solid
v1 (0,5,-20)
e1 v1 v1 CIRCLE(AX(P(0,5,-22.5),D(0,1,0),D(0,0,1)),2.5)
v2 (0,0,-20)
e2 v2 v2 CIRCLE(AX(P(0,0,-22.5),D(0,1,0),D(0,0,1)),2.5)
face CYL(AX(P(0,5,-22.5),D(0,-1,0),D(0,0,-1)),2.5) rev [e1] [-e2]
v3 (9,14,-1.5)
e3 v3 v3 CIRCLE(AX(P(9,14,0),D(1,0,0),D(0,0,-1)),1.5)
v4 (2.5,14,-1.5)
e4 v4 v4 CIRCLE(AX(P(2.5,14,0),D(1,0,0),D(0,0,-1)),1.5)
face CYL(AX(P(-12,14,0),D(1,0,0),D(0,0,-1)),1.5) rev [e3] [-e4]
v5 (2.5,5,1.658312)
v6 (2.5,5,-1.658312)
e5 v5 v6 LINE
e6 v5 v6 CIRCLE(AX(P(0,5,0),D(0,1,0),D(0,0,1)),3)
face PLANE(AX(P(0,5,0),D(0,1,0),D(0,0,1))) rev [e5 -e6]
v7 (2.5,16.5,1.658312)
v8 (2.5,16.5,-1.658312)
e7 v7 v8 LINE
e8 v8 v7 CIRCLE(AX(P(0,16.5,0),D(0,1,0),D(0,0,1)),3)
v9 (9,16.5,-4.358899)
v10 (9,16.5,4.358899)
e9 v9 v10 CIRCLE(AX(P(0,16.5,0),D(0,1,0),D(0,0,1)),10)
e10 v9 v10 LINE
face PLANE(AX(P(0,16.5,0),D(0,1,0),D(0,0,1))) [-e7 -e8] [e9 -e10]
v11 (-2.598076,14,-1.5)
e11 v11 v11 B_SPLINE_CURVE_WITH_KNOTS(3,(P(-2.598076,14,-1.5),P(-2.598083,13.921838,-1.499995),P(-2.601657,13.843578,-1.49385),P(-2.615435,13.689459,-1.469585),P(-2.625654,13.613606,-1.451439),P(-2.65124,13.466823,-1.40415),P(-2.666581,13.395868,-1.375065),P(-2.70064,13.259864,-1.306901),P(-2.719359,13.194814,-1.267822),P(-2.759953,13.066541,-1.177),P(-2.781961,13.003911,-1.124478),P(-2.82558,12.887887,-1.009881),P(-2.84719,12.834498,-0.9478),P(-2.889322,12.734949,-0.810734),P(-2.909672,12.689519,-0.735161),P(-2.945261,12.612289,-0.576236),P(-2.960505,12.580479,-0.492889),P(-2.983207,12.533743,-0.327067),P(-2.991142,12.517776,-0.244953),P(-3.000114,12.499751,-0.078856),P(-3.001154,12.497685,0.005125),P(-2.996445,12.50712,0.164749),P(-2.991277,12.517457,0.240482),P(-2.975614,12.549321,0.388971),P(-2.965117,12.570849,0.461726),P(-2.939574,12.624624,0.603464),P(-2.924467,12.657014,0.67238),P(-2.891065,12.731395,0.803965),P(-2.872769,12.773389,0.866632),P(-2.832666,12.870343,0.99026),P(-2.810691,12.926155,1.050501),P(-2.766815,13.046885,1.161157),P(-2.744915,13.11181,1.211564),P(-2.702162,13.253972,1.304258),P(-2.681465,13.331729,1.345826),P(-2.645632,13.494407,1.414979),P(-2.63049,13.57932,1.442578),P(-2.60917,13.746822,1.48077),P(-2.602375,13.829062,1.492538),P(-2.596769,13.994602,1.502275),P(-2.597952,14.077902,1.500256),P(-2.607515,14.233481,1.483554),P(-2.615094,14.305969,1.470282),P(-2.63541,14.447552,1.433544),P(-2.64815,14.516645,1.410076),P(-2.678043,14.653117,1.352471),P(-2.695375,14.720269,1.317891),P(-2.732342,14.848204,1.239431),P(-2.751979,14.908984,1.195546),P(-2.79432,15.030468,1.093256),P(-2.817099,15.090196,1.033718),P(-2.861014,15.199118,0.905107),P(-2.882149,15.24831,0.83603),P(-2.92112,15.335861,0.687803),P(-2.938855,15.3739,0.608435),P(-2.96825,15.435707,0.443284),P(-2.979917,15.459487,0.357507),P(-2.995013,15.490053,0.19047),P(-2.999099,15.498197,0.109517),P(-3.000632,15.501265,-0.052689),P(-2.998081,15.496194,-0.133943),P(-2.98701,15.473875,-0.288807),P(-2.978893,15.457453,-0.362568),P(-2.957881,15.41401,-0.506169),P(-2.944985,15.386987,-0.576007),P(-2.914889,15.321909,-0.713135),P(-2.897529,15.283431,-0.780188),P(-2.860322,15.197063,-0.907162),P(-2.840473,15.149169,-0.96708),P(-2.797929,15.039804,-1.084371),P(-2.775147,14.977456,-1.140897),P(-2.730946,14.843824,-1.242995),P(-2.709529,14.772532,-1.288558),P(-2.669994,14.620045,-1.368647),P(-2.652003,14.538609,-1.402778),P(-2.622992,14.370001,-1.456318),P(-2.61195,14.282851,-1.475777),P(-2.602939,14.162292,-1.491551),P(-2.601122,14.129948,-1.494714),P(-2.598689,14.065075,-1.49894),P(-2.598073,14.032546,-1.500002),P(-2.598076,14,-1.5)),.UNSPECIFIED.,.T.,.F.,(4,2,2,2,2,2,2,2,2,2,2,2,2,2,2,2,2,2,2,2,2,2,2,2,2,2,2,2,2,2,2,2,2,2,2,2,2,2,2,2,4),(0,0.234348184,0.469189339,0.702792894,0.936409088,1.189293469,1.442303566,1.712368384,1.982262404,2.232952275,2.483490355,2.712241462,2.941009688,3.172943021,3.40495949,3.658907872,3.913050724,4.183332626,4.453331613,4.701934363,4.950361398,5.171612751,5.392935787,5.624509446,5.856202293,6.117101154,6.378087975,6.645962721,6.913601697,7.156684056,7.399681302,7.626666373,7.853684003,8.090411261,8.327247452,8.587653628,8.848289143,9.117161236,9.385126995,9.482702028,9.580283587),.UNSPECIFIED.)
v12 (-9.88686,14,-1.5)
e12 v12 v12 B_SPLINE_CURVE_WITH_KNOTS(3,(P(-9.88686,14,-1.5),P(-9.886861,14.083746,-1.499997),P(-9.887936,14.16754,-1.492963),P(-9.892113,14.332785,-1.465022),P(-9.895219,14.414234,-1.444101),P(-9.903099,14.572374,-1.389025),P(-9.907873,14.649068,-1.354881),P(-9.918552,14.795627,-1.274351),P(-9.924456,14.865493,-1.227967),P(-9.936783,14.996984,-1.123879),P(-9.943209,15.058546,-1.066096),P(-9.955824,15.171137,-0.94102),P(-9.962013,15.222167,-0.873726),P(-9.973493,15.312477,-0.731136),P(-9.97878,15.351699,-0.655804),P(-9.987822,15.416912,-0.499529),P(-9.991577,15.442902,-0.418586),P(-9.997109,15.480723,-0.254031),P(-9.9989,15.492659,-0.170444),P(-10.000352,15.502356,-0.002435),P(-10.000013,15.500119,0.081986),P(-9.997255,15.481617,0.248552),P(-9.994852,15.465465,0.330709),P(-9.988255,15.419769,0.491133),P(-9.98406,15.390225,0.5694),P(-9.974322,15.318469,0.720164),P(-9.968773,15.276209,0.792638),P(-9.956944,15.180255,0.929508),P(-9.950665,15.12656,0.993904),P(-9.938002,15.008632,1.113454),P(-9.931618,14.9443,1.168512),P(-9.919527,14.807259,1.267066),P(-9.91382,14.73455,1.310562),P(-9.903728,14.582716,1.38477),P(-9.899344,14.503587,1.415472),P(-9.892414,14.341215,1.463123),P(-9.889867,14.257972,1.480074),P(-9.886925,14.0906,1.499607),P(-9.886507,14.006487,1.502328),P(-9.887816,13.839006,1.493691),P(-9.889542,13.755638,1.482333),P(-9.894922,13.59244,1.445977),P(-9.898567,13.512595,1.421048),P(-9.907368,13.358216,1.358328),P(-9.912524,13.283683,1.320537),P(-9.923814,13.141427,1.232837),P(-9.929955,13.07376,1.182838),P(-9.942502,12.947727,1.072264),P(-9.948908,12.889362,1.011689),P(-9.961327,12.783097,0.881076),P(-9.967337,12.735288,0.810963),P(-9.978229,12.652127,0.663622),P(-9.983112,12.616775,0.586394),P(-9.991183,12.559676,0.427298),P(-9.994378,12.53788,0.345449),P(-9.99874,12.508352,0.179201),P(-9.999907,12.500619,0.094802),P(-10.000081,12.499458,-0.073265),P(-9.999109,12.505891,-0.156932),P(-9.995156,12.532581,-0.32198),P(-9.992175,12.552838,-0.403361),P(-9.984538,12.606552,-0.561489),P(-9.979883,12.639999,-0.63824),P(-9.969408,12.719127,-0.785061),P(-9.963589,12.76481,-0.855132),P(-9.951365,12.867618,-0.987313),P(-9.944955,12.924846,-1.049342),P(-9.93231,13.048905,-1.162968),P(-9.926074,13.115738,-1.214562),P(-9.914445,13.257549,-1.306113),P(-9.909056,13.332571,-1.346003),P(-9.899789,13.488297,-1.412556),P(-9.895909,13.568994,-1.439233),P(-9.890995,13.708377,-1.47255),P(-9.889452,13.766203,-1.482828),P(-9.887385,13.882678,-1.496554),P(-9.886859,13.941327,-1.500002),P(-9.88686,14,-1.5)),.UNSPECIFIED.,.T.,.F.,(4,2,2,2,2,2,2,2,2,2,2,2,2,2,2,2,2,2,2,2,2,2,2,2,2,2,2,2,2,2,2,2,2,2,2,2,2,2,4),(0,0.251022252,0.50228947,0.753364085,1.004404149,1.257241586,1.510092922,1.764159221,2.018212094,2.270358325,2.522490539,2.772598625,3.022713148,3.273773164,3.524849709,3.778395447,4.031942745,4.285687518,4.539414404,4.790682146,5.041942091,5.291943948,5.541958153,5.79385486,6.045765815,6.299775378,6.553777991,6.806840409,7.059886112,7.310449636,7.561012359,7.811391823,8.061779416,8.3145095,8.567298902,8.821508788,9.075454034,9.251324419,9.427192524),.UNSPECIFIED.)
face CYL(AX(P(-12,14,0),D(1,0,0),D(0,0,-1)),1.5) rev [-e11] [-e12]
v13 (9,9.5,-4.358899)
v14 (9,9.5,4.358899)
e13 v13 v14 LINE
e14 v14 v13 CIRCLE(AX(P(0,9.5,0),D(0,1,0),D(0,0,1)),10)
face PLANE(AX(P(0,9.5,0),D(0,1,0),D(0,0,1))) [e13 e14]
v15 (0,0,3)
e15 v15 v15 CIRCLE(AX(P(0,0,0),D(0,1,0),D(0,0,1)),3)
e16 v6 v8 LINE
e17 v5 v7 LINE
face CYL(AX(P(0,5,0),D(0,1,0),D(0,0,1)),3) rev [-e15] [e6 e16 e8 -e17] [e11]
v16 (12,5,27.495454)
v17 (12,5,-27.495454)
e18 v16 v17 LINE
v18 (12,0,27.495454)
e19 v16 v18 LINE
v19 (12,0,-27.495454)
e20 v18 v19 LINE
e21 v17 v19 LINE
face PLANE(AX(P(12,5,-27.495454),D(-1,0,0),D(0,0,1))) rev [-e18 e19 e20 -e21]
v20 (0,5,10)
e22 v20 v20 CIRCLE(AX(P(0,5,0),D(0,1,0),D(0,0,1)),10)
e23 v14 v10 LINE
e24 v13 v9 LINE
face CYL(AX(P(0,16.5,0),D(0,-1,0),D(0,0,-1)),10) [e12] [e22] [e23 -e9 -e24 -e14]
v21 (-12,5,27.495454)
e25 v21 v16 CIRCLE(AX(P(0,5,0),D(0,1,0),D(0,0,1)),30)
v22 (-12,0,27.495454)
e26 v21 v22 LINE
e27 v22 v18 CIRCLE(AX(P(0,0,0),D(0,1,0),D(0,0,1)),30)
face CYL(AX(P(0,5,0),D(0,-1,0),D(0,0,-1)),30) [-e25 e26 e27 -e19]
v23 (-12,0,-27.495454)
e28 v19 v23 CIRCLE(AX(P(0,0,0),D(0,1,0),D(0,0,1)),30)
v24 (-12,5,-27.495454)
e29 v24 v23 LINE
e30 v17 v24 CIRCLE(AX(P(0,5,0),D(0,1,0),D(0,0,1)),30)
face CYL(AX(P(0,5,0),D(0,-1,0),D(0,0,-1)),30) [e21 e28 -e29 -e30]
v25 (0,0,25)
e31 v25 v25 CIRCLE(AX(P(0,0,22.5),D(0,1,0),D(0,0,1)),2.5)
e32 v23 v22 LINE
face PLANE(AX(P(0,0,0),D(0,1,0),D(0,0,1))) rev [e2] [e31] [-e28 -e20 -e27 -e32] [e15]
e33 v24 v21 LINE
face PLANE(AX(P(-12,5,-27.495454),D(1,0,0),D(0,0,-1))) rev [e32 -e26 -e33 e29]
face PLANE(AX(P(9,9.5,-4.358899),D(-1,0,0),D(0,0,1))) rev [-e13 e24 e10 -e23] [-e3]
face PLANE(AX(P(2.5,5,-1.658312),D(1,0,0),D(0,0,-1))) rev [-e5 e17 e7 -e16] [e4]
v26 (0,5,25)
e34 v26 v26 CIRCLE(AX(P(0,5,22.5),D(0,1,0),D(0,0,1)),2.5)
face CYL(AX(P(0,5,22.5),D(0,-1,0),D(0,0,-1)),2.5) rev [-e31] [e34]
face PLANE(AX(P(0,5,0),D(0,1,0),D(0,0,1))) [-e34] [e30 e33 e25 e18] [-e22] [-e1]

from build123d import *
from build123d.topology import SkipClean

# Parameters (mm, degrees)
SKETCH_1_R          = 2.5
EXTRUDE_1_DEPTH     = 5
SKETCH_2_R          = 10
EXTRUDE_2_DEPTH     = 11.5
CUT_EXTRUDE_START   = -7
CUT_EXTRUDE_1_DEPTH = 7
CUT_EXTRUDE_2_DEPTH = 11.5
SKETCH_5_R          = 3
CUT_EXTRUDE_3_DEPTH = 11.5
SKETCH_6_R          = 1.5
CUT_EXTRUDE_4_DEPTH = 41.165283517


with BuildPart() as part:
    # 草图1 → 凸台-拉伸1 (new body)
    with BuildSketch(Plane(origin=(0, 0, 0), x_dir=(1, 0, 0), z_dir=(0, 1, 0))):
        with BuildLine():
            Line((12, 27.49545417), (12, -27.49545417))
            ThreePointArc((12, -27.49545417), (0, -30), (-12, -27.49545417))
            Line((-12, -27.49545417), (-12, 27.49545417))
            ThreePointArc((-12, 27.49545417), (0, 30), (12, 27.49545417))
        make_face()
        with Locations(Location((0, 22.5, 0), (0, 0, 270))):
            Circle(SKETCH_1_R, mode=Mode.SUBTRACT)
        with Locations(Location((0, -22.5, 0), (0, 0, 270))):
            Circle(SKETCH_1_R, mode=Mode.SUBTRACT)
    extrude(amount=EXTRUDE_1_DEPTH)

    # 草图2 → 凸台-拉伸2 (add)
    with BuildSketch(Plane(origin=(0, 5, 0), x_dir=(1, 0, 0), z_dir=(0, 1, 0))):
        with Locations(Location((0, 0, 0), (0, 0, 270))):
            Circle(SKETCH_2_R)
    extrude(amount=EXTRUDE_2_DEPTH)

    # 草图3 → 切除-拉伸1 (cut)
    with BuildSketch(Plane(origin=(0, 16.5, 0), x_dir=(1, 0, 0), z_dir=(0, 1, 0)).offset(CUT_EXTRUDE_START)):
        with BuildLine():
            Line((9, 4.358898944), (9, -4.358898944))
            ThreePointArc((9, -4.358898944), (10, 0), (9, 4.358898944))
        make_face()
    extrude(amount=CUT_EXTRUDE_1_DEPTH, mode=Mode.SUBTRACT)

    # 草图4 → 切除-拉伸2 (cut)
    with BuildSketch(Plane(origin=(0, 16.5, 0), x_dir=(1, 0, 0), z_dir=(0, 1, 0))):
        with BuildLine():
            Line((2.5, 1.658312395), (2.5, -1.658312395))
            ThreePointArc((2.5, -1.658312395), (-3, 0), (2.5, 1.658312395))
        make_face()
    extrude(amount=-CUT_EXTRUDE_2_DEPTH, mode=Mode.SUBTRACT)

    # 草图5 → 切除-拉伸3 (cut)
    with SkipClean():  # the faces are left unmerged after this step: merging them gives an invalid solid
        with BuildSketch(Plane(origin=(0, 5, 0), x_dir=(1, 0, 0), z_dir=(0, 1, 0))):
            with Locations(Location((0, 0, 0), (0, 0, 270))):
                Circle(SKETCH_5_R)
        extrude(amount=-CUT_EXTRUDE_3_DEPTH, mode=Mode.SUBTRACT)

    # 草图6 → 切除-拉伸4 (cut, through all)
    with SkipClean():  # the faces are left unmerged after this step: merging them gives an invalid solid
        with BuildSketch(Plane(origin=(9, 0, 0), x_dir=(0, 0, -1), z_dir=(1, 0, 0))):
            with Locations((0, 14)):
                Circle(SKETCH_6_R)
        extrude(amount=-CUT_EXTRUDE_4_DEPTH, mode=Mode.SUBTRACT)


solid = part.part
